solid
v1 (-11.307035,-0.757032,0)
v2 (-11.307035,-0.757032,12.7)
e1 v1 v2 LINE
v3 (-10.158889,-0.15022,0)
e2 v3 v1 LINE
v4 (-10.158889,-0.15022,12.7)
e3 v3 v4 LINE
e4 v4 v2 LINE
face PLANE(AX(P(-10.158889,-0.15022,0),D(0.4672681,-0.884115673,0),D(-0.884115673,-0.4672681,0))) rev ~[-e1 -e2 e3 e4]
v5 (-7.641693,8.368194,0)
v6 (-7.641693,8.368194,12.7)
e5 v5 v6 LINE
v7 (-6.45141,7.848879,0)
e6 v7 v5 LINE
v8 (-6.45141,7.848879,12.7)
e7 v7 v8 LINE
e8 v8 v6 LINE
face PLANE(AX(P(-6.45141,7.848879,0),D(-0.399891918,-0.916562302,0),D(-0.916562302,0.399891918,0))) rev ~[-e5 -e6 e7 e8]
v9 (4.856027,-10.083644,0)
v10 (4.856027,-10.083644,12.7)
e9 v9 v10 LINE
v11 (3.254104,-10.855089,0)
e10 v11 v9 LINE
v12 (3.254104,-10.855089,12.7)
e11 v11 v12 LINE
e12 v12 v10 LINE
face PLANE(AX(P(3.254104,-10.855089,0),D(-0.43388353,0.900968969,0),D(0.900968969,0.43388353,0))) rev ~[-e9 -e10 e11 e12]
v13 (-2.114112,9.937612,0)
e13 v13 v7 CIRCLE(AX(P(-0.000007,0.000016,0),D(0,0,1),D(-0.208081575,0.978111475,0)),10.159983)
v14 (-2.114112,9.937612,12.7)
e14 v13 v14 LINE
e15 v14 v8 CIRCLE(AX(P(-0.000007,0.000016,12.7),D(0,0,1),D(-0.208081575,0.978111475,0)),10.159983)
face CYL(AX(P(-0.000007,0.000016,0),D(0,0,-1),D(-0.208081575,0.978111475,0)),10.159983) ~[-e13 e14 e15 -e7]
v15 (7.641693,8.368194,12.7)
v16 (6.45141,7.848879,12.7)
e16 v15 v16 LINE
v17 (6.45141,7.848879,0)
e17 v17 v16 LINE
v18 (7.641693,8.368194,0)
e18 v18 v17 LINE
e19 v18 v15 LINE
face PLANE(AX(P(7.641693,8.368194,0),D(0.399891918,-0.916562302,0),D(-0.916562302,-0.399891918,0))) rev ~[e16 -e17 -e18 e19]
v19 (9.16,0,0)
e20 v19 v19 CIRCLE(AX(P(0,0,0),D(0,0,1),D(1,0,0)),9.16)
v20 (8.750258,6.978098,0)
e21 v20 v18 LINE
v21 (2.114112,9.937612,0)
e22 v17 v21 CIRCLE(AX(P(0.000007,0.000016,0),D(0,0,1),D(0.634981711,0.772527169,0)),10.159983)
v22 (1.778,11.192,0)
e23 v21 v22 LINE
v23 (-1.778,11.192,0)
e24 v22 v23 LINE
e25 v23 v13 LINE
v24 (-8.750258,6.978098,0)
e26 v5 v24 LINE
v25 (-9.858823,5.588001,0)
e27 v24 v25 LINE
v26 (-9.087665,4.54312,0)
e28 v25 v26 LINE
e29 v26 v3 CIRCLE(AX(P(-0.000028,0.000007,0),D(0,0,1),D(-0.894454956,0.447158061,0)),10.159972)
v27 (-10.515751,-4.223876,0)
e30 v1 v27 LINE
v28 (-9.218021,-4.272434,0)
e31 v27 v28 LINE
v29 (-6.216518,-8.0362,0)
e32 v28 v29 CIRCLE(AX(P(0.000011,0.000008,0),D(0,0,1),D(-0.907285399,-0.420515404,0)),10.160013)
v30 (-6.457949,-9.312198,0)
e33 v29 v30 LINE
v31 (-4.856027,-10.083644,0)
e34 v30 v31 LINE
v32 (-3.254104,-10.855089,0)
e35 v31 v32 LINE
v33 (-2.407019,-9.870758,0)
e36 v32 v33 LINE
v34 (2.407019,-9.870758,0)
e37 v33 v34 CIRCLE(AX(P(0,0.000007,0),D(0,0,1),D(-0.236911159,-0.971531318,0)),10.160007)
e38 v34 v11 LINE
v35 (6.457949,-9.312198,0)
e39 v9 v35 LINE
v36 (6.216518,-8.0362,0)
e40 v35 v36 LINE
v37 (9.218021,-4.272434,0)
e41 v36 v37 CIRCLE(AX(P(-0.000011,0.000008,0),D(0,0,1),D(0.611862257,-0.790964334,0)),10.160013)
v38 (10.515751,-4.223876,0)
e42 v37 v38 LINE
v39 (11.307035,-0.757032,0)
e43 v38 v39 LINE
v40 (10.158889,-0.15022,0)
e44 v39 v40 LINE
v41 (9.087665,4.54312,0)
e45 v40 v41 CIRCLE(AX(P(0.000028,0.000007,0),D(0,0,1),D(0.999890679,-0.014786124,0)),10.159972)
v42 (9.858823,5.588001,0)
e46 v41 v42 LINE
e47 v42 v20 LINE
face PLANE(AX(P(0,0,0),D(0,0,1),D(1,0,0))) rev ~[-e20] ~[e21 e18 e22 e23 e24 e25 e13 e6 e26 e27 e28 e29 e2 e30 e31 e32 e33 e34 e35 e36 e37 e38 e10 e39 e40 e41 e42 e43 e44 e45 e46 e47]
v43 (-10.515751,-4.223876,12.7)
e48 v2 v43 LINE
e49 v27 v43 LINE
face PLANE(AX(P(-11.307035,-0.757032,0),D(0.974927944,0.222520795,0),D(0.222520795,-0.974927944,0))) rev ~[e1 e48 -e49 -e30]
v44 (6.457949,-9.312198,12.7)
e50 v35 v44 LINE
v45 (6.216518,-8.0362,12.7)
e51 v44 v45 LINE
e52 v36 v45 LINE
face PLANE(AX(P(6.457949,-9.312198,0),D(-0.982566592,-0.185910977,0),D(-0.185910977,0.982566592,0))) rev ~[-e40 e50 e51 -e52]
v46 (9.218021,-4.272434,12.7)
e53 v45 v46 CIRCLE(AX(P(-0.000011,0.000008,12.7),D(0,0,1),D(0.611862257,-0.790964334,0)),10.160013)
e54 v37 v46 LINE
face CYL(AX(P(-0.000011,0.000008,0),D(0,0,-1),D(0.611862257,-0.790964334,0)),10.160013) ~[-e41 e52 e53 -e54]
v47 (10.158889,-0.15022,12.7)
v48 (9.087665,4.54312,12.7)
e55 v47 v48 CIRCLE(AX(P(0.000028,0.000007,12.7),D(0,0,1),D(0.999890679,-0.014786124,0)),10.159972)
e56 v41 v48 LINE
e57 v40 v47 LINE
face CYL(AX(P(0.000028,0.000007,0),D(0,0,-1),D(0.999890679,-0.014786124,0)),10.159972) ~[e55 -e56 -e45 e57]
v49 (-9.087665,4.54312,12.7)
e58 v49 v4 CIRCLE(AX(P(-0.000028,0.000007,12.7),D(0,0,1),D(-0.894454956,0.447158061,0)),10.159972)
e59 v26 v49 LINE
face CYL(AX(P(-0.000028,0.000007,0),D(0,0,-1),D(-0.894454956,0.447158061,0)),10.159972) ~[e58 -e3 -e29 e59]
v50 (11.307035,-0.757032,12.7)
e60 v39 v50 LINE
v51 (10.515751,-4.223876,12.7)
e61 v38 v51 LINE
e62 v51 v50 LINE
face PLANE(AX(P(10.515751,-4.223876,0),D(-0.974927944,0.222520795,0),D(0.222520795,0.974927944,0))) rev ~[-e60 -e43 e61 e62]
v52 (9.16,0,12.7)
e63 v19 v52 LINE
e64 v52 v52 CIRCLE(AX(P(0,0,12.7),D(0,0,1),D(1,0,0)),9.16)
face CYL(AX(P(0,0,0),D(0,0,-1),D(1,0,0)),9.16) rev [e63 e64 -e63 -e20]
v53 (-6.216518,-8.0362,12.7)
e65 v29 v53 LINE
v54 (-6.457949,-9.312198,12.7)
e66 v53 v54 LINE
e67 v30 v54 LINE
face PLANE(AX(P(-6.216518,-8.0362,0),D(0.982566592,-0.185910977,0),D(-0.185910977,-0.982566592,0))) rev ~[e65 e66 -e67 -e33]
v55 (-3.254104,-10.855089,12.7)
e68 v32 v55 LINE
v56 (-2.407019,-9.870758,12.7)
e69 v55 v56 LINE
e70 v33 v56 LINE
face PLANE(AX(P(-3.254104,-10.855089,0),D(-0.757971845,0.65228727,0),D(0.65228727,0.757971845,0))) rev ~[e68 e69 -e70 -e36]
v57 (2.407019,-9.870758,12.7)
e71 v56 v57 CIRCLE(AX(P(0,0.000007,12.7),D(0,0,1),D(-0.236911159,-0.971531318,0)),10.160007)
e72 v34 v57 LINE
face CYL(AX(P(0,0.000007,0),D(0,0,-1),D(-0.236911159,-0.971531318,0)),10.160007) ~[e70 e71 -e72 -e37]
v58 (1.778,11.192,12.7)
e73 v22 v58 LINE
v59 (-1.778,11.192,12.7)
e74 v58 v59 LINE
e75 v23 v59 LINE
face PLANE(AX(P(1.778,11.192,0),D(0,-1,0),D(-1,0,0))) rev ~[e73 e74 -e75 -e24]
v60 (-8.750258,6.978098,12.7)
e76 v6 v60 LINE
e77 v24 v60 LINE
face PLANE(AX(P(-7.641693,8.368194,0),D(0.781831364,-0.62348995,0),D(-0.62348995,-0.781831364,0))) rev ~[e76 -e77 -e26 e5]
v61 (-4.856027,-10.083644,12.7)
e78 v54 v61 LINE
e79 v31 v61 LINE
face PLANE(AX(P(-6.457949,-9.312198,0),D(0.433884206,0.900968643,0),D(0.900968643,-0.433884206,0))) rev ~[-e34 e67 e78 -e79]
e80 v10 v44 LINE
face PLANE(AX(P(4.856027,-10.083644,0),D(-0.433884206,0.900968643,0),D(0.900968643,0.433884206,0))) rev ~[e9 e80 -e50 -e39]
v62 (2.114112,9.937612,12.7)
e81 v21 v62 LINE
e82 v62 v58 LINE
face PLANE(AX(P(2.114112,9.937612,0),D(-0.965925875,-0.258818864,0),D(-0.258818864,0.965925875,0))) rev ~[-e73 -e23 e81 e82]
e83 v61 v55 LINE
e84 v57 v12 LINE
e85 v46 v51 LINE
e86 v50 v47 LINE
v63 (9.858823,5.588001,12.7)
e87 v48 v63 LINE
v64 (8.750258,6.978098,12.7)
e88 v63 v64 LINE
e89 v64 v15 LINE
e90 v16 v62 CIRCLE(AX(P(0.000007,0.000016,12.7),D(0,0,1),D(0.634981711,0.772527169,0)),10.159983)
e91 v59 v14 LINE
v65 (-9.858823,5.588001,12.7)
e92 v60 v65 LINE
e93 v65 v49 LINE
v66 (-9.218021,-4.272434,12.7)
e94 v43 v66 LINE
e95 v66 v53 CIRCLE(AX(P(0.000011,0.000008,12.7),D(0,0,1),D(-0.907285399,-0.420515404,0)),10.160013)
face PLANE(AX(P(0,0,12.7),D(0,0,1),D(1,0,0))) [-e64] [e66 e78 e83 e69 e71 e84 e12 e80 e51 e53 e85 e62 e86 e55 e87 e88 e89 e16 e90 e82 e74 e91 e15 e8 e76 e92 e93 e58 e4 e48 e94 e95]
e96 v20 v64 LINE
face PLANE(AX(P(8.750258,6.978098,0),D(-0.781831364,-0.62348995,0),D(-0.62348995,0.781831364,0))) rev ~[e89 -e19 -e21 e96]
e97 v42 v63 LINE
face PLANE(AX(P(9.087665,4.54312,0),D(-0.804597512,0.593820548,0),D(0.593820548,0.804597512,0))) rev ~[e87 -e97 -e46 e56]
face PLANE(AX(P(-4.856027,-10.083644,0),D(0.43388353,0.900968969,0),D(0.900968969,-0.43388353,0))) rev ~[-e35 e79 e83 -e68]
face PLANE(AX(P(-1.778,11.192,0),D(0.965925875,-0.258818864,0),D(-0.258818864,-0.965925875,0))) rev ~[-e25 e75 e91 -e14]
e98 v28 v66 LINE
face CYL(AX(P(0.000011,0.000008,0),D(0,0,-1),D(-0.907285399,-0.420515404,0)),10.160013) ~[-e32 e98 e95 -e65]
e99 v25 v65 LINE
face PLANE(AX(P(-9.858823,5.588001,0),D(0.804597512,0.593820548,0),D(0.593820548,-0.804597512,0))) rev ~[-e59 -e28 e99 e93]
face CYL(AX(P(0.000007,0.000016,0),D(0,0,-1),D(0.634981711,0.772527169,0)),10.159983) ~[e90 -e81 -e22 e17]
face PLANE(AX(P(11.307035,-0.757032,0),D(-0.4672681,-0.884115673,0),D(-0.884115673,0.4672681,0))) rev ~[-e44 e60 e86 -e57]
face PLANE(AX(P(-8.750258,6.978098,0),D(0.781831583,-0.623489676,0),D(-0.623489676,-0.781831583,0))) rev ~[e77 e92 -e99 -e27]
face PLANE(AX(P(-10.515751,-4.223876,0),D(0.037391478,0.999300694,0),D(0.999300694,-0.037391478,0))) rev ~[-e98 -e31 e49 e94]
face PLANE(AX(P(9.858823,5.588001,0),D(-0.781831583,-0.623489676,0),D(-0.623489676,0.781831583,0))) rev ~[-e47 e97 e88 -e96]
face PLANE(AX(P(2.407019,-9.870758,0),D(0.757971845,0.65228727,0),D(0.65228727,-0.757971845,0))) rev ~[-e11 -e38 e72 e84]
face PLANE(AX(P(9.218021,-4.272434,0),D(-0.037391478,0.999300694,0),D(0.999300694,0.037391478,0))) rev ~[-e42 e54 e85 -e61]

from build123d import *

# Parameters (mm, degrees)
F0_R     = 9.16
F1_DEPTH = 12.7


with BuildPart() as f1:
    # F0 (on Top) → F1 (new body)
    with BuildSketch(Plane.XY):
        with BuildLine():
            ThreePointArc((6.45141, 7.848879), (4.408259, 9.153844), (2.114112, 9.937612))
            Line((2.114112, 9.937612), (1.778, 11.192))
            Line((1.778, 11.192), (0, 11.192))
            Line((0, 11.192), (-1.778, 11.192))
            Line((-1.778, 11.192), (-2.114112, 9.937612))
            ThreePointArc((-2.114112, 9.937612), (-4.408259, 9.153844), (-6.45141, 7.848879))
            Line((-6.45141, 7.848879), (-7.641693, 8.368194))
            Line((-7.641693, 8.368194), (-8.750258, 6.978098))
            Line((-8.750258, 6.978098), (-9.858823, 5.588001))
            Line((-9.858823, 5.588001), (-9.087665, 4.54312))
            ThreePointArc((-9.087665, 4.54312), (-9.905268, 2.260813), (-10.158889, -0.15022))
            Line((-10.158889, -0.15022), (-11.307035, -0.757032))
            Line((-11.307035, -0.757032), (-10.911393, -2.490454))
            Line((-10.911393, -2.490454), (-10.515751, -4.223876))
            Line((-10.515751, -4.223876), (-9.218021, -4.272434))
            ThreePointArc((-9.218021, -4.272434), (-7.943408, -6.334656), (-6.216518, -8.0362))
            Line((-6.216518, -8.0362), (-6.457949, -9.312198))
            Line((-6.457949, -9.312198), (-4.856027, -10.083644))
            Line((-4.856027, -10.083644), (-3.254104, -10.855089))
            Line((-3.254104, -10.855089), (-2.407019, -9.870758))
            ThreePointArc((-2.407019, -9.870758), (0, -10.16), (2.407019, -9.870758))
            Line((2.407019, -9.870758), (3.254104, -10.855089))
            Line((3.254104, -10.855089), (4.856027, -10.083644))
            Line((4.856027, -10.083644), (6.457949, -9.312198))
            Line((6.457949, -9.312198), (6.216518, -8.0362))
            ThreePointArc((6.216518, -8.0362), (7.943408, -6.334656), (9.218021, -4.272434))
            Line((9.218021, -4.272434), (10.515751, -4.223876))
            Line((10.515751, -4.223876), (10.911393, -2.490454))
            Line((10.911393, -2.490454), (11.307035, -0.757032))
            Line((11.307035, -0.757032), (10.158889, -0.15022))
            ThreePointArc((10.158889, -0.15022), (9.905268, 2.260813), (9.087665, 4.54312))
            Line((9.087665, 4.54312), (9.858823, 5.588001))
            Line((9.858823, 5.588001), (8.750258, 6.978098))
            Line((8.750258, 6.978098), (7.641693, 8.368194))
            Line((7.641693, 8.368194), (6.45141, 7.848879))
        make_face()
        Circle(F0_R, mode=Mode.SUBTRACT)
    extrude(amount=F1_DEPTH)


solid = f1.part
